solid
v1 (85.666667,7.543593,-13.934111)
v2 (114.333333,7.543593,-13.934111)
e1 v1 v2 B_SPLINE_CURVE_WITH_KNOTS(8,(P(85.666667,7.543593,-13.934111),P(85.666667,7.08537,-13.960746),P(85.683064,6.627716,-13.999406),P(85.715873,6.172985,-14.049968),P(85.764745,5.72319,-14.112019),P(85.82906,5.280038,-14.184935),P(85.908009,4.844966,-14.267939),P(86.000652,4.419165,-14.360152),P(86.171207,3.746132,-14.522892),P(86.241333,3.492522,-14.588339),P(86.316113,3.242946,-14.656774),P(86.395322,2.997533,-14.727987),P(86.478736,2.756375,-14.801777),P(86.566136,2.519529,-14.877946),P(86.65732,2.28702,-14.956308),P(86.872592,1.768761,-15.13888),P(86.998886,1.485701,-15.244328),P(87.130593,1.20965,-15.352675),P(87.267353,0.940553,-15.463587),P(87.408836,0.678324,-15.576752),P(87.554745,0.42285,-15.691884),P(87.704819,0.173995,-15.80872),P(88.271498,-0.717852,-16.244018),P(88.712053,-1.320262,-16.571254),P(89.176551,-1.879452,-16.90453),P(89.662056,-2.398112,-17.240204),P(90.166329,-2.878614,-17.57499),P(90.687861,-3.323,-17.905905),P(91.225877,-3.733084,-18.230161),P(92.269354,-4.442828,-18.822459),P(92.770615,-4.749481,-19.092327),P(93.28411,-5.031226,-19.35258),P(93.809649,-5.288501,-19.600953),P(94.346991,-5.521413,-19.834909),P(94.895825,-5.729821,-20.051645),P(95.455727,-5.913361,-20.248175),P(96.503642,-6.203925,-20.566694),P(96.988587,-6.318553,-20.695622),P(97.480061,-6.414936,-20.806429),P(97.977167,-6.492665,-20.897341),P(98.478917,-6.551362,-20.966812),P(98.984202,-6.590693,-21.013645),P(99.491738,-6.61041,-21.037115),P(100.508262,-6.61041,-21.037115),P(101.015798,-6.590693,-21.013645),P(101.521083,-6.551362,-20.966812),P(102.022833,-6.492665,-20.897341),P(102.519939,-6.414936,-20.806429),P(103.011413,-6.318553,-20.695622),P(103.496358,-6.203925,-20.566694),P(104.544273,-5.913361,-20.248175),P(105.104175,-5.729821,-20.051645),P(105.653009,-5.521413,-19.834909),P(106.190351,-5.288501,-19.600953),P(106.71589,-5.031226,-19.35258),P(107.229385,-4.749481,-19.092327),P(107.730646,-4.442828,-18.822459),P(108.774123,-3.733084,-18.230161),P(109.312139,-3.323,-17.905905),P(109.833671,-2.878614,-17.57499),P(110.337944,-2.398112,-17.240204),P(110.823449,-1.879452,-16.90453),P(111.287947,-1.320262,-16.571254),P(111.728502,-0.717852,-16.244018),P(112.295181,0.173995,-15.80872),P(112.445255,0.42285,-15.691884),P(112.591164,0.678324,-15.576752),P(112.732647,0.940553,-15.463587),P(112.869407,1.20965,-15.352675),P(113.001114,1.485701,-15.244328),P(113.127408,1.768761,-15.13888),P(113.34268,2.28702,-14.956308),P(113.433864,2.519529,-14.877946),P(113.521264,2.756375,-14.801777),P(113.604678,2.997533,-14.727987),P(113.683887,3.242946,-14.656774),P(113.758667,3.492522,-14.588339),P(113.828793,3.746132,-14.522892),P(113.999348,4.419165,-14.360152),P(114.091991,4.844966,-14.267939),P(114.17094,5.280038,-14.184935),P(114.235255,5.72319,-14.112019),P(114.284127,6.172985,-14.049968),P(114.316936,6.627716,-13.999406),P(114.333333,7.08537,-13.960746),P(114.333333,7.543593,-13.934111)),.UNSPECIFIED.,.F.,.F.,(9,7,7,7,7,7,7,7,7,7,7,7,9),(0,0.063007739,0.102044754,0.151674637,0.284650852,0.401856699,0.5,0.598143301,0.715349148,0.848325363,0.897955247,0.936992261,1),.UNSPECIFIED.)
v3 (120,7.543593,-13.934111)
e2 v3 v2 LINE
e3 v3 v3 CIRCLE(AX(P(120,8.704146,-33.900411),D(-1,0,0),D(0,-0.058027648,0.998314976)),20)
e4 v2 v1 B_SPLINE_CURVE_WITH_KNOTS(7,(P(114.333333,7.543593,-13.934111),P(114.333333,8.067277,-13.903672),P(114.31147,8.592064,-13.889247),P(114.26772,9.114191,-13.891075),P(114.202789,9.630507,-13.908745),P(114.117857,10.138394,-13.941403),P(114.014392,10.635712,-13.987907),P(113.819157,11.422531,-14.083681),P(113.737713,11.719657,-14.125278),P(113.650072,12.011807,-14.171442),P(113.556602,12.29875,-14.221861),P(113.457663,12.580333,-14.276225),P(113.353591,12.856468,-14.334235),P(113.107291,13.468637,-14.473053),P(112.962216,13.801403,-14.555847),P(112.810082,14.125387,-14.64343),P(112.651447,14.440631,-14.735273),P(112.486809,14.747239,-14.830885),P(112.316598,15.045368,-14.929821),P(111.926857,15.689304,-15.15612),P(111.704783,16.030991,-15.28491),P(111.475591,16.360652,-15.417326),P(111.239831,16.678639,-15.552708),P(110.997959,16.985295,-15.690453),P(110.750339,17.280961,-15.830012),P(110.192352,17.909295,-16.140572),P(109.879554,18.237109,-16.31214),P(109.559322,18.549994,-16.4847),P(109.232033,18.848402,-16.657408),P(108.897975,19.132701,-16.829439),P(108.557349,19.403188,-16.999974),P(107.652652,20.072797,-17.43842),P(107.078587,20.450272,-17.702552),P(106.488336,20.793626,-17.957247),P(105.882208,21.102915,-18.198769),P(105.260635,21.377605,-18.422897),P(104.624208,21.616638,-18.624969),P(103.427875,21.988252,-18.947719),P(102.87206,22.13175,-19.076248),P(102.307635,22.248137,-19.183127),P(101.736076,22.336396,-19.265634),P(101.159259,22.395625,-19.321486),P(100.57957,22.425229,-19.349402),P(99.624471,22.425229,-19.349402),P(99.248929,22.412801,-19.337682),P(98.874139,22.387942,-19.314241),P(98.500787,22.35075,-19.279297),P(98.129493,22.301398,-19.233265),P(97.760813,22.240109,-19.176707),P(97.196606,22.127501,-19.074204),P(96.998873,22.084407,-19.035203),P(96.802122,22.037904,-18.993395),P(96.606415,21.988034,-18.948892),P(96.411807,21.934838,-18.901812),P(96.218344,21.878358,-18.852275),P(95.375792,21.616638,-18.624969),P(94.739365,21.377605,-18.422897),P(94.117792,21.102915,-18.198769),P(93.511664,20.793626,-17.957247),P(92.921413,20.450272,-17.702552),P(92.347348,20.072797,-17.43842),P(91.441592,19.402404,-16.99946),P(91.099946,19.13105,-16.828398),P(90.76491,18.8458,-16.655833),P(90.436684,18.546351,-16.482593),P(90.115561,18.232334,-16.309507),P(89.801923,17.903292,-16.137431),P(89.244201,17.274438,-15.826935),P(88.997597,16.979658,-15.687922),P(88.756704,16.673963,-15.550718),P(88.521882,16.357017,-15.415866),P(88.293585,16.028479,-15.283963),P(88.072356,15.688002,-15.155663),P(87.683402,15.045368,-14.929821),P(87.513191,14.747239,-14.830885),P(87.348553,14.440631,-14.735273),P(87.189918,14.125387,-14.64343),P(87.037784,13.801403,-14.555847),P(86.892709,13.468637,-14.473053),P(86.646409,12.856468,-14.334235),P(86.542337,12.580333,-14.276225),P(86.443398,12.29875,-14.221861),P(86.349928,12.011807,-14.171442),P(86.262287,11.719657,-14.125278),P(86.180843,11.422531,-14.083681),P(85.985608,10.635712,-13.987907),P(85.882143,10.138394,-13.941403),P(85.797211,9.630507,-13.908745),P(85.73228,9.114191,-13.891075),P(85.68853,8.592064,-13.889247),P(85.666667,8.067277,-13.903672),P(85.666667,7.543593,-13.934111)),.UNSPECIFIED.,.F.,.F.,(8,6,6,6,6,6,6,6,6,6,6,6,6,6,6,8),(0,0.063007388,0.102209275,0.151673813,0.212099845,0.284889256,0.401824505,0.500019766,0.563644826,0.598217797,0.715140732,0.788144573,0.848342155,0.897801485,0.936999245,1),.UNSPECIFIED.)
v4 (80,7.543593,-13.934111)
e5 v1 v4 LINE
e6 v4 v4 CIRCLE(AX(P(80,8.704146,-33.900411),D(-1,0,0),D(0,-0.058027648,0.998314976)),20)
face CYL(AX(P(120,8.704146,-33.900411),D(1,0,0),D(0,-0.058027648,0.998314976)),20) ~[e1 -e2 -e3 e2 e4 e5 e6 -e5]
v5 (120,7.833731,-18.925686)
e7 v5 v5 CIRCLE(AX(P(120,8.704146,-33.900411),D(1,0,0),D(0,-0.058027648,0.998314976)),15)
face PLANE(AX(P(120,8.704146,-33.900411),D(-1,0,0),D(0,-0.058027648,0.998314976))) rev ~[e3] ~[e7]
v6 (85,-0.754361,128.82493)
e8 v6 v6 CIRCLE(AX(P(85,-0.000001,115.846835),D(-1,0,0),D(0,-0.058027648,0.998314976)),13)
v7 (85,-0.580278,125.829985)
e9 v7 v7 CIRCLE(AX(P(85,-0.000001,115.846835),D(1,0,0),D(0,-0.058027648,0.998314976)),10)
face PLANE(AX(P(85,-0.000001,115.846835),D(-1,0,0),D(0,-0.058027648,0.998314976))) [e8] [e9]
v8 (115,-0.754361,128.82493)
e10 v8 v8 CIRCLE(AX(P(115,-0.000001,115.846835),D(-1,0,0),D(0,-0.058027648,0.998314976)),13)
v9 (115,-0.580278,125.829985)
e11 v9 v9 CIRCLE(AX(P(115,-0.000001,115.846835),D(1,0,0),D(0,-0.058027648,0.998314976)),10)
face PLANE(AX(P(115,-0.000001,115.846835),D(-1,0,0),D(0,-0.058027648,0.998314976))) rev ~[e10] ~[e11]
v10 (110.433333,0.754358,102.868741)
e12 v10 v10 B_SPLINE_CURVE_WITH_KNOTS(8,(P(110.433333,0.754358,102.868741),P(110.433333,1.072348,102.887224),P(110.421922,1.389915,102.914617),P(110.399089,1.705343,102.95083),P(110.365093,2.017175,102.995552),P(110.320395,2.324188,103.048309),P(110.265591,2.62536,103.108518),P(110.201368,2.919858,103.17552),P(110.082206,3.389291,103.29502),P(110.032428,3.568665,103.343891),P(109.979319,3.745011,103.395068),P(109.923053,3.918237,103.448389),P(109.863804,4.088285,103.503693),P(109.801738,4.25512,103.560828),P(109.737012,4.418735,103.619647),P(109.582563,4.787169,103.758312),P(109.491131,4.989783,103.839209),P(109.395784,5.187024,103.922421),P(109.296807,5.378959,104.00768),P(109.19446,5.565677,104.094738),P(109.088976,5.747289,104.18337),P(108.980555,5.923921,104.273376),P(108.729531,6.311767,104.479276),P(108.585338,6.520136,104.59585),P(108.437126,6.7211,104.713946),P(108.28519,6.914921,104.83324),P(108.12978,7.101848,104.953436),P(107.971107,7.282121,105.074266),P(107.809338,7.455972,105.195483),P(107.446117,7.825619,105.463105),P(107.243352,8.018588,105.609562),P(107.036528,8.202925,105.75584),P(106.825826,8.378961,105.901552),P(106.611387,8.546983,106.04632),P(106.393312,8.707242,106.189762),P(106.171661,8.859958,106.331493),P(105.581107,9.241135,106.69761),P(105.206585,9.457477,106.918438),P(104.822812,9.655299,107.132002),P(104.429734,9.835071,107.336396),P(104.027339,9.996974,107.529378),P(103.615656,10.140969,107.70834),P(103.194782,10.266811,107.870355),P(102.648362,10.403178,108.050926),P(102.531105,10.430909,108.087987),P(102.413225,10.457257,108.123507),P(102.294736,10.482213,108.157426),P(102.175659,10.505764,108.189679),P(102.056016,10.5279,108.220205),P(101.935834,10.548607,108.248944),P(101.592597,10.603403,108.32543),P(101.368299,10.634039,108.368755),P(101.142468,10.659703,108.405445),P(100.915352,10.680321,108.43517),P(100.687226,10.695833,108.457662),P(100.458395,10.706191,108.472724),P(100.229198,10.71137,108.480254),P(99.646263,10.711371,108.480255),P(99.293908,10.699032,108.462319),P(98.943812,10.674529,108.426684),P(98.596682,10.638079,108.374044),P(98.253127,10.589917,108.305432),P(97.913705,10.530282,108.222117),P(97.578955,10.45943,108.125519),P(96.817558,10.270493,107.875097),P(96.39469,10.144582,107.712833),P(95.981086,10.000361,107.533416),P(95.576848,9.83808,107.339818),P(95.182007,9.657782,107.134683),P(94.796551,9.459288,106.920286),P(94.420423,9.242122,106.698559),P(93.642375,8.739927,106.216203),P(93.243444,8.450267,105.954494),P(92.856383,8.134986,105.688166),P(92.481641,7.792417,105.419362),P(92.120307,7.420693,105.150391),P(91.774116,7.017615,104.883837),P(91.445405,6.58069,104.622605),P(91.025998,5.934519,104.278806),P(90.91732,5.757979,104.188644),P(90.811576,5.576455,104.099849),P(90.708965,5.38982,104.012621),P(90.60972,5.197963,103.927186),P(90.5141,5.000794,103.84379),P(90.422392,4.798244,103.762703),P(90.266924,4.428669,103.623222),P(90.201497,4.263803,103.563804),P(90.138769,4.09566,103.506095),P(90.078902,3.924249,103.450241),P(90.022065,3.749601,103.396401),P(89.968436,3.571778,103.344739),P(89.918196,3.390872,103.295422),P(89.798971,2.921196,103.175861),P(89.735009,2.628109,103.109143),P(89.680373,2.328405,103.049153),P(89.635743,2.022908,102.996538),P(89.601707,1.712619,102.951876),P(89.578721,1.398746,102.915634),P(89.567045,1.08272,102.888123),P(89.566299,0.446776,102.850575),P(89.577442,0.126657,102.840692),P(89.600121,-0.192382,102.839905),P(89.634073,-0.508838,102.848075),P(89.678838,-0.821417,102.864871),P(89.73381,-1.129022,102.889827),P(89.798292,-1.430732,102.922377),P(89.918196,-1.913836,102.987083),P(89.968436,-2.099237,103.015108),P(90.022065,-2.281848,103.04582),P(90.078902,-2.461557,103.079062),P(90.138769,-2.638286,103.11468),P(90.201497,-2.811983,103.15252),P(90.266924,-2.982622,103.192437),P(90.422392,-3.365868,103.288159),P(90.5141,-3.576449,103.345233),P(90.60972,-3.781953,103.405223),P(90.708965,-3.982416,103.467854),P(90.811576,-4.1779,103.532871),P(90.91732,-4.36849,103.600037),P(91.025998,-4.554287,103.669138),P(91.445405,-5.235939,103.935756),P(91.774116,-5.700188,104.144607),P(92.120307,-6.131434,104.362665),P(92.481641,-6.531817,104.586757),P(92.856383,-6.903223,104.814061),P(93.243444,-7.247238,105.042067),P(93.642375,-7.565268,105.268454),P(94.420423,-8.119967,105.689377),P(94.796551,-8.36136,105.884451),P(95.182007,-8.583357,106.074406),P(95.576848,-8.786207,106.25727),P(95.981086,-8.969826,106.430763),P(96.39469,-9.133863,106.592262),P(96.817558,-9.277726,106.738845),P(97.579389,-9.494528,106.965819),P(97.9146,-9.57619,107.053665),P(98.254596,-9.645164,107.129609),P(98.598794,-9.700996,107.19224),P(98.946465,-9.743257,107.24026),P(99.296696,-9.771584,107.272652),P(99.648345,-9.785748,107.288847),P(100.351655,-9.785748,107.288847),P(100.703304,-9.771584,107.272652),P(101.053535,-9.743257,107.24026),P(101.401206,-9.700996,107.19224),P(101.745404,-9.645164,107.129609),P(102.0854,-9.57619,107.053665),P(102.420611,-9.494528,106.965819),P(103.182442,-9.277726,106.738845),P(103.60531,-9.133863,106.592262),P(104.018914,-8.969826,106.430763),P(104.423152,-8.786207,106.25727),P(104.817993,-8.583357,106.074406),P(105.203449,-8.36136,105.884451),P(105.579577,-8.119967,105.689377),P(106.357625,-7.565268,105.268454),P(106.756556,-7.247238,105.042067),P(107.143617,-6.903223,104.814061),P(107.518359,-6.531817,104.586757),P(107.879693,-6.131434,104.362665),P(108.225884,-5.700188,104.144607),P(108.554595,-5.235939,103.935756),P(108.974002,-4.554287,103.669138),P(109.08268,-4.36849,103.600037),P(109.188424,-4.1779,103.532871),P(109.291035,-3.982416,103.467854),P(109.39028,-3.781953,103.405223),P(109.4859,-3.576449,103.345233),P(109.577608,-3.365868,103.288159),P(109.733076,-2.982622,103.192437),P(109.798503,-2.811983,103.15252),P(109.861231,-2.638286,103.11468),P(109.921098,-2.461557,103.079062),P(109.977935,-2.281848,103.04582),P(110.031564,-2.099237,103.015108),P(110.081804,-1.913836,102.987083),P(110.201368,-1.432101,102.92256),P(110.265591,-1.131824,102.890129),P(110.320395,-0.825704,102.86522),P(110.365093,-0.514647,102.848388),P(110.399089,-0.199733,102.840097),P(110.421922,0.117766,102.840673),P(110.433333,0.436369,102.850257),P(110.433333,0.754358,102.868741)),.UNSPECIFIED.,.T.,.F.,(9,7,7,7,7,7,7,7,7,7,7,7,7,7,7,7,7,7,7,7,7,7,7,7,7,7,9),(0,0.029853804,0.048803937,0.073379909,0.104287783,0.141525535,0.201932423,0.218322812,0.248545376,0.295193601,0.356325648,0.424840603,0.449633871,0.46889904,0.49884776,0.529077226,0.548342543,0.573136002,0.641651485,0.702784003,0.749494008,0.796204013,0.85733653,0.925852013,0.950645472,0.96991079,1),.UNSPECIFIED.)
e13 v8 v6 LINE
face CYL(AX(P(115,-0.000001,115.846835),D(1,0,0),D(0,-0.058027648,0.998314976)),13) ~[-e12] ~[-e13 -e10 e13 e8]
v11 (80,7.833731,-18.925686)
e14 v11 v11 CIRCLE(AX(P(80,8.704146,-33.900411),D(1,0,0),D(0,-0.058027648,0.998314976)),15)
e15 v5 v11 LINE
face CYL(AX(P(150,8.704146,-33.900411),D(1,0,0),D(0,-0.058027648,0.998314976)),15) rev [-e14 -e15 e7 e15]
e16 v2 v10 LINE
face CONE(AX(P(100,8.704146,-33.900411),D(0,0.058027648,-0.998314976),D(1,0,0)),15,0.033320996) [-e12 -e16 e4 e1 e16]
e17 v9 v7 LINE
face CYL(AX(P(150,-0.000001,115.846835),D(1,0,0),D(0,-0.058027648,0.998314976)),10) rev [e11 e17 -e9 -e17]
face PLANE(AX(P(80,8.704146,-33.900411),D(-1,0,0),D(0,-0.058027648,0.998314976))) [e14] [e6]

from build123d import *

# Parameters (mm, degrees)
CYLINDER031_R          = 10
CYLINDER031_DEPTH      = 100
CYLINDER032_R          = 15
CYLINDER032_DEPTH      = 100
CYLINDER030_R          = 13
CYLINDER030_DEPTH      = 30
CYLINDER029_R          = 20
CYLINDER029_DEPTH      = 40
CUT016_PLACEMENT_ANGLE = 3.326608


with BuildPart() as cylinder031:
    # Cylinder031 → Cylinder031 (new body)
    with BuildSketch(Plane(origin=(50, 0, 150), x_dir=(0, 0, 1), z_dir=(-1, 0, 0))):
        Circle(CYLINDER031_R)
    extrude(amount=CYLINDER031_DEPTH)


with BuildPart() as compound011:
    # Cylinder032 → Cylinder032 (new body)
    with BuildSketch(Plane.ZY.offset(-50)):
        Circle(CYLINDER032_R)
    extrude(amount=CYLINDER032_DEPTH)

    # Compound011: union Cylinder031
    add(cylinder031.part)


with BuildPart() as cone006:
    # Cone001005 → Cone001005 (revolve)
    with BuildSketch(Plane.XZ):
        Polygon((0, 0), (15, 0), (10, 150), (0, 150), align=None)
    revolve(axis=Axis((0, 0, 0), (0, 0, 1)))


with BuildPart() as cylinder030:
    # Cylinder030 → Cylinder030 (new body)
    with BuildSketch(Plane(origin=(15, 0, 150), x_dir=(0, 0, 1), z_dir=(-1, 0, 0))):
        Circle(CYLINDER030_R)
    extrude(amount=CYLINDER030_DEPTH)


with BuildPart() as crank003:
    # Cylinder029 → Cylinder029 (new body)
    with BuildSketch(Plane.ZY.offset(-20)):
        Circle(CYLINDER029_R)
    extrude(amount=CYLINDER029_DEPTH)

    # Fusion003002003004007: union Cone006, Cylinder030
    add(cone006.part)
    add(cylinder030.part)

    # Cut016: cut Compound011
    add(compound011.part, mode=Mode.SUBTRACT)


with BuildPart() as crank003_1:
    # Cut016 placement: moved
    add(crank003.part.moved(Location((100, 8.704146, -33.900411))).rotate(Axis((100, 8.704146, -33.900411), (1, 0, 0)), CUT016_PLACEMENT_ANGLE))


solid = crank003_1.part
